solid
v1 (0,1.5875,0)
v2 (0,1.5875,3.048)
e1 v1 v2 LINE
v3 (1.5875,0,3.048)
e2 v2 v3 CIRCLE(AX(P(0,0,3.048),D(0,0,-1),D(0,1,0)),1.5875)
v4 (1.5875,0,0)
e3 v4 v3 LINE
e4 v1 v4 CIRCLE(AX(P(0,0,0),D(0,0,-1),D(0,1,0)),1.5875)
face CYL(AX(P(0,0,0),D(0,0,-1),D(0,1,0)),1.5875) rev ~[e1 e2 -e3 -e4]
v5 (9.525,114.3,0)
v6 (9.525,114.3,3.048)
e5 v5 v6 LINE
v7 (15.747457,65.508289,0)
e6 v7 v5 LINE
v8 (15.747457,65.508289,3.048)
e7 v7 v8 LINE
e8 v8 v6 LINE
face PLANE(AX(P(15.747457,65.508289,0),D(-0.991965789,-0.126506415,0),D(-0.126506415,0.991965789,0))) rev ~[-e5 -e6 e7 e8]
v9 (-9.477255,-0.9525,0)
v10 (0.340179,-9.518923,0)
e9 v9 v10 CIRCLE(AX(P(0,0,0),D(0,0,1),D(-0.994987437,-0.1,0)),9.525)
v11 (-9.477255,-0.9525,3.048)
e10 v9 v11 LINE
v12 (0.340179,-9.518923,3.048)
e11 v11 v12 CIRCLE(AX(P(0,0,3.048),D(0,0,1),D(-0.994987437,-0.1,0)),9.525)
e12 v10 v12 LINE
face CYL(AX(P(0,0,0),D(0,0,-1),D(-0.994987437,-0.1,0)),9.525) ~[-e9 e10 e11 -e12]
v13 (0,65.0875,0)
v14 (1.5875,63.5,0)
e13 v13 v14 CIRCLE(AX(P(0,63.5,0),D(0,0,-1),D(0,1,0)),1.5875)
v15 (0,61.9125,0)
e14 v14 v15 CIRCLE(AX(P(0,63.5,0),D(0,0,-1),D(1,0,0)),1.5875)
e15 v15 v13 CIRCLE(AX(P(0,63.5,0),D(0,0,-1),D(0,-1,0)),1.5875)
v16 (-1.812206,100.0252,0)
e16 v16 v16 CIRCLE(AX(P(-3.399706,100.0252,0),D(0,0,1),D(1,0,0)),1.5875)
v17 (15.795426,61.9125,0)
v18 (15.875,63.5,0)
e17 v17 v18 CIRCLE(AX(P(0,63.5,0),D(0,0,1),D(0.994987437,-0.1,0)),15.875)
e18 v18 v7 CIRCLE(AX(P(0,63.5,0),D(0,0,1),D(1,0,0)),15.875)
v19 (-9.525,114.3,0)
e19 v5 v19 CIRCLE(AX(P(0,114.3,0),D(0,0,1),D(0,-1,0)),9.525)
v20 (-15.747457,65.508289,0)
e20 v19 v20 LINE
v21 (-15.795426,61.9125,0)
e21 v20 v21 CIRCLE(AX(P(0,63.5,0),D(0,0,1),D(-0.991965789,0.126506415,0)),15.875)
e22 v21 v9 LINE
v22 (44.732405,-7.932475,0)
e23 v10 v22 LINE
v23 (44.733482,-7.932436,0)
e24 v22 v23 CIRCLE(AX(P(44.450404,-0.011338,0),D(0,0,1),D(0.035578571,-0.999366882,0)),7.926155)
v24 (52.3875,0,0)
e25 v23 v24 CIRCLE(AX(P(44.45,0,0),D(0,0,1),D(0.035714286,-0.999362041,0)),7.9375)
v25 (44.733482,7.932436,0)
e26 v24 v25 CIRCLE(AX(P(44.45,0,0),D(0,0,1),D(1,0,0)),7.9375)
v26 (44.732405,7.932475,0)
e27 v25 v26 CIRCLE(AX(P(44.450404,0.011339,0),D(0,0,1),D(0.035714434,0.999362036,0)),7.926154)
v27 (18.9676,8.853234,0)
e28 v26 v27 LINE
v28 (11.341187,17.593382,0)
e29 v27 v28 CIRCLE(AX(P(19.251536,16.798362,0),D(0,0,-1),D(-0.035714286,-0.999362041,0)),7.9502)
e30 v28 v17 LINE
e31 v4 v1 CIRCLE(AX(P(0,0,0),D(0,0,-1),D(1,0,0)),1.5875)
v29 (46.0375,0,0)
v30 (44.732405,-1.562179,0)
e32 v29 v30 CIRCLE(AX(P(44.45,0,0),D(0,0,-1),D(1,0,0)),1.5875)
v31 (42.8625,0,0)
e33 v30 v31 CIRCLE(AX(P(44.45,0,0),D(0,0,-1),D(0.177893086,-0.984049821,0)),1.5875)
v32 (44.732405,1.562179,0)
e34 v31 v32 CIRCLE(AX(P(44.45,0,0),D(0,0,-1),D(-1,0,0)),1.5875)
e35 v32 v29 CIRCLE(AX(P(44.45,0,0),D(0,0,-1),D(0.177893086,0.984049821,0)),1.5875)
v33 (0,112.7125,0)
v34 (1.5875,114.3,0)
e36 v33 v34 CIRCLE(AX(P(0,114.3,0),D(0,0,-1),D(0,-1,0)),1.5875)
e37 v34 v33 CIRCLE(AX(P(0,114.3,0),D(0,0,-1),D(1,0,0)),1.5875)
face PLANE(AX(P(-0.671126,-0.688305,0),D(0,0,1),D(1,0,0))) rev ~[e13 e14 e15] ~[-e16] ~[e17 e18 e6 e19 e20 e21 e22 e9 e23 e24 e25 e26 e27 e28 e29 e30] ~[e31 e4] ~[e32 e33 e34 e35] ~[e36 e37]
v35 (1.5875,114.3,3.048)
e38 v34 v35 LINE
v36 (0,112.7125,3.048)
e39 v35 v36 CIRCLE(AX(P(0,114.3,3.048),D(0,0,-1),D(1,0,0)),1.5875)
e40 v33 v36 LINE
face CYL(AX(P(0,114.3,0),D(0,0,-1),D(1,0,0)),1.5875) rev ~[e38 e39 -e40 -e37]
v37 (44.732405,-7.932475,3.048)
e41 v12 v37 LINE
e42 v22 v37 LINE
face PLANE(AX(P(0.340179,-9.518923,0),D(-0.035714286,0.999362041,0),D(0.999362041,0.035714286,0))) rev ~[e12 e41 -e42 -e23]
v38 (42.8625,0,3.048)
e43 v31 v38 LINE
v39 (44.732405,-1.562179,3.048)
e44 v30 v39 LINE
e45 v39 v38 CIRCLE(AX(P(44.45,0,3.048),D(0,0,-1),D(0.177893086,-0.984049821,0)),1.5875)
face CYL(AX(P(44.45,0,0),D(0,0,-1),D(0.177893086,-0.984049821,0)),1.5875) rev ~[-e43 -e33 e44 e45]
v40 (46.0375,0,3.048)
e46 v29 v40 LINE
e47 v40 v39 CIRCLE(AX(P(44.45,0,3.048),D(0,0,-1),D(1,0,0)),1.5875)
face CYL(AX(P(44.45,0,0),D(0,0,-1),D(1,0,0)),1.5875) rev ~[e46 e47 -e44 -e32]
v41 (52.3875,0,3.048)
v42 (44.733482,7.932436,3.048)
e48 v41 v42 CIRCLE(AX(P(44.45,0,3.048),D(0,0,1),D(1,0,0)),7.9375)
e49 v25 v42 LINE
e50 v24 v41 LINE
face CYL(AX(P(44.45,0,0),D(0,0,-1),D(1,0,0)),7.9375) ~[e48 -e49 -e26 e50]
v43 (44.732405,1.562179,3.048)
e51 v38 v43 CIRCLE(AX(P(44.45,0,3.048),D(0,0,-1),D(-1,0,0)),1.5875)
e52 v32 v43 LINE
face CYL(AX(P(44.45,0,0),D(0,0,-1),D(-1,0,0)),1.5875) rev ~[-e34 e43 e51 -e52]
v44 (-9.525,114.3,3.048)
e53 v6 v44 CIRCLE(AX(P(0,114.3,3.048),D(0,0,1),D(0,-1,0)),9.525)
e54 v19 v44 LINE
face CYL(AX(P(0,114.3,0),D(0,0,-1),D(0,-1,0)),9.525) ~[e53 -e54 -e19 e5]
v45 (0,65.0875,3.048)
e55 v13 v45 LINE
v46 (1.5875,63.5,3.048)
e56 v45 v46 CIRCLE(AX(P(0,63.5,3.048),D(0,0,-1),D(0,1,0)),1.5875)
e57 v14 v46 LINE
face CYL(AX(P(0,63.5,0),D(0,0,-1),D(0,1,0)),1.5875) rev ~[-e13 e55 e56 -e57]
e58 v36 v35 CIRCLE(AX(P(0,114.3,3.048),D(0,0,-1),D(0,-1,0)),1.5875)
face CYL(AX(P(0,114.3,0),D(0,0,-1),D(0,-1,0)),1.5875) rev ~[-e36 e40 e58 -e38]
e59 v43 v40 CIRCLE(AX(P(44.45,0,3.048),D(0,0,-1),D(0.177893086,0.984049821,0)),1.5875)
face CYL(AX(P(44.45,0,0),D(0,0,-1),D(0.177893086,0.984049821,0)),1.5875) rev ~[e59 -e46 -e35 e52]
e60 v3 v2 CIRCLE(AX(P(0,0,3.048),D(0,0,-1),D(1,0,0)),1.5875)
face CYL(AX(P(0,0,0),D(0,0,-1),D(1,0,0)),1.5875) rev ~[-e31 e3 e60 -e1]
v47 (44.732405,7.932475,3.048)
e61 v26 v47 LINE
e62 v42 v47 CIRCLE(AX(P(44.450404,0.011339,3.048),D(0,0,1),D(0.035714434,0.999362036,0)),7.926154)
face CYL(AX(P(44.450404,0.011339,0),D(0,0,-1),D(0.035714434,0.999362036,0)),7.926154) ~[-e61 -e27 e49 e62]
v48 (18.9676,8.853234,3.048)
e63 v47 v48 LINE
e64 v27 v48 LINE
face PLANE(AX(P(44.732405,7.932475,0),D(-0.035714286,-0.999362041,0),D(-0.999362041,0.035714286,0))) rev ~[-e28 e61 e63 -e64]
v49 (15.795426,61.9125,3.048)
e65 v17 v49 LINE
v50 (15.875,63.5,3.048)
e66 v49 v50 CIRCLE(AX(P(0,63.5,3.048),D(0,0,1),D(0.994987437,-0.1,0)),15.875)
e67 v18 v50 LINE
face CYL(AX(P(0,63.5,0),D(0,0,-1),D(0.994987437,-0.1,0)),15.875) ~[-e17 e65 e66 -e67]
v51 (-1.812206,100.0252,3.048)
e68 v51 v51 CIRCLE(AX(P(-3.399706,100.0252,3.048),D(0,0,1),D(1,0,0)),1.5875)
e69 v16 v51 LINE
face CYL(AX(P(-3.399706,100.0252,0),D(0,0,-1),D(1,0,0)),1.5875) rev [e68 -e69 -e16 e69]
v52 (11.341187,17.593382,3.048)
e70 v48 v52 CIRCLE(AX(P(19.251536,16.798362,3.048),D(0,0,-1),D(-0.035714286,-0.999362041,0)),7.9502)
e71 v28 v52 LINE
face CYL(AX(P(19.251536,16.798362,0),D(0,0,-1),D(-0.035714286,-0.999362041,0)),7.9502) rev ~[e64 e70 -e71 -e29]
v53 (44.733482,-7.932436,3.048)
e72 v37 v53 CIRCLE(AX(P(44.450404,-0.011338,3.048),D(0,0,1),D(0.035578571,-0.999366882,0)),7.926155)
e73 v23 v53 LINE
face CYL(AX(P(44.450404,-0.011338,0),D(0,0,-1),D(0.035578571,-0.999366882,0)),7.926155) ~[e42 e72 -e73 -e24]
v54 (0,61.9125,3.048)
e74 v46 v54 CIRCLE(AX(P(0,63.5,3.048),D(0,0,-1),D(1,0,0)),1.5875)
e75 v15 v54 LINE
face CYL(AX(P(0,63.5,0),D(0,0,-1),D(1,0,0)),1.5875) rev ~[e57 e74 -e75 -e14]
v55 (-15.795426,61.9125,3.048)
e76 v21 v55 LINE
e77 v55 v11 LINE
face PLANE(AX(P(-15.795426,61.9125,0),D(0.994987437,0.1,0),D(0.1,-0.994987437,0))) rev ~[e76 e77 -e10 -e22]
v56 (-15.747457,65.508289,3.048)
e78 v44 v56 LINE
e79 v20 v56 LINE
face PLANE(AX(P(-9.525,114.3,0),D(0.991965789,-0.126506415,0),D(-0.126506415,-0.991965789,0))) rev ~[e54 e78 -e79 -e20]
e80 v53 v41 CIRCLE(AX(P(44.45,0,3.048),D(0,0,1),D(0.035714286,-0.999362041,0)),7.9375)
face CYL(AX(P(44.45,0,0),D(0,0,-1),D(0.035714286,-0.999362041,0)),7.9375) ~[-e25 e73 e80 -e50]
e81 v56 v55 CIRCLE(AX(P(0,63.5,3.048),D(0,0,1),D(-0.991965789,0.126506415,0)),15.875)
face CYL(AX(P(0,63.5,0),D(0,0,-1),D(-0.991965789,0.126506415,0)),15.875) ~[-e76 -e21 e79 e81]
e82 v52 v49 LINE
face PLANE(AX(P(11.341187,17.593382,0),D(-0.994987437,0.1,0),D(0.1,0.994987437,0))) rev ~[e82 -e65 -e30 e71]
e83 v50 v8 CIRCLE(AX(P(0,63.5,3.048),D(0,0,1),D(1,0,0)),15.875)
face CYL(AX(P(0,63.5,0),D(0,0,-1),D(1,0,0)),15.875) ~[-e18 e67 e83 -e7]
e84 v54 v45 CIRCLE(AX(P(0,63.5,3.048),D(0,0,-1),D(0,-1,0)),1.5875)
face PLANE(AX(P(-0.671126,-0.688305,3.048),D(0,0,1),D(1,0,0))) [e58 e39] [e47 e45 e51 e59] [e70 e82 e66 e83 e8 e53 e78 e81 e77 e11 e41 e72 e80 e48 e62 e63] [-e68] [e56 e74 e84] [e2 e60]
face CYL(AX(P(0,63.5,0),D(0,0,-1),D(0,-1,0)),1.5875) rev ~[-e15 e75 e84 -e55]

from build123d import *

# Parameters (mm, degrees)
F0_R     = 1.5875
F1_DEPTH = 3.048


with BuildPart() as f1:
    # F0 (on Top) → F1 (new body)
    with BuildSketch(Plane.XY):
        with BuildLine():
            ThreePointArc((1.5875, 0), (-1.1225320151, -1.1225320151), (0, 1.5875))
            Line((0, 1.5875), (0, 9.525))
            ThreePointArc((0, 9.525), (-7.063929059, 6.3895642457), (-9.4772553384, -0.9525))
            ThreePointArc((-9.4772553384, -0.9525), (-6.2623833816, -7.1769199091), (0.3401785714, -9.5189234444))
            ThreePointArc((0.3401785714, -9.5189234444), (6.8544082857, -6.6138273378), (9.525, 0))
            Line((9.525, 0), (1.5875, 0))
        make_face()
        with BuildLine():
            ThreePointArc((-9.4772553384, -0.9525), (-7.063929059, 6.3895642457), (0, 9.525))
            Line((0, 9.525), (0, 47.625))
            ThreePointArc((0, 47.625), (-10.6492737428, 51.7267849017), (-15.7954255641, 61.9125))
            Line((-15.7954255641, 61.9125), (-9.4772553384, -0.9525))
        make_face()
        with BuildLine():
            Line((0, 47.625), (0, 9.525))
            ThreePointArc((0, 9.525), (6.7351920908, 6.7351920908), (9.525, 0))
            Line((9.525, 0), (36.5125, 0))
            ThreePointArc((36.5125, 0), (38.9380895153, 5.7116327839), (44.7324052746, 7.9324746146))
            Line((44.7324052772, 7.9324746877), (18.9676000005, 8.8532337108))
            ThreePointArc((18.9676000005, 8.8532337108), (13.2611998974, 11.5713591498), (11.3411865923, 17.5933818124))
            Line((11.3411865923, 17.5933818124), (15.7954255641, 61.9125))
            ThreePointArc((15.7954255641, 61.9125), (10.6492737428, 51.7267849017), (0, 47.625))
        make_face()
        with BuildLine():
            Line((36.5125, 0), (9.525, 0))
            ThreePointArc((9.525, 0), (6.8544082857, -6.6138273378), (0.3401785714, -9.5189234444))
            Line((0.3401785714, -9.5189234444), (44.7324052772, -7.9324746877))
            ThreePointArc((44.7324052746, -7.9324746146), (38.9380895153, -5.7116327839), (36.5125, 0))
        make_face()
        with BuildLine():
            ThreePointArc((-15.7954255641, 61.9125), (-10.6492737428, 51.7267849017), (0, 47.625))
            Line((0, 47.625), (0, 61.9125))
            ThreePointArc((0, 61.9125), (-1.5875, 63.5), (0, 65.0875))
            Line((0, 65.0875), (0, 79.375))
            ThreePointArc((0, 79.375), (-10.4912828548, 75.4142187767), (-15.7474569047, 65.5082893304))
            ThreePointArc((-15.7474569047, 65.5082893304), (-15.8735876171, 63.7117573215), (-15.7954255641, 61.9125))
        make_face()
        with BuildLine():
            Line((0, 61.9125), (0, 47.625))
            ThreePointArc((0, 47.625), (10.6492737428, 51.7267849017), (15.7954255641, 61.9125))
            ThreePointArc((15.7954255641, 61.9125), (15.8550939106, 62.7052534459), (15.875, 63.5))
            ThreePointArc((15.875, 63.5), (15.8430821396, 64.5061676396), (15.7474569047, 65.5082893304))
            ThreePointArc((15.7474569047, 65.5082893304), (10.4912828548, 75.4142187767), (0, 79.375))
            Line((0, 79.375), (0, 65.0875))
            ThreePointArc((0, 65.0875), (1.1225320151, 64.6225320151), (1.5875, 63.5))
            ThreePointArc((1.5875, 63.5), (1.1225320151, 62.3774679849), (0, 61.9125))
        make_face()
        with BuildLine():
            ThreePointArc((44.7324052746, 7.9324746146), (38.9380895153, 5.7116327839), (36.5125, 0))
            Line((36.5125, 0), (42.8625, 0))
            ThreePointArc((42.8625, 0), (43.4321989692, 1.2182927857), (44.7324052746, 1.5621790905))
            Line((44.7324052746, 1.5621790905), (44.7324052746, 7.9324746146))
        make_face()
        with BuildLine():
            Line((42.8625, 0), (36.5125, 0))
            ThreePointArc((36.5125, 0), (38.9380895153, -5.7116327839), (44.7324052746, -7.9324746146))
            Line((44.7324052746, -7.9324746146), (44.7324052746, -1.5621790905))
            ThreePointArc((44.7324052746, -1.5621790905), (43.4321989692, -1.2182927857), (42.8625, 0))
        make_face()
        with BuildLine():
            ThreePointArc((44.7334821429, 7.9324362036), (44.7329437094, 7.9324554274), (44.7324052746, 7.9324746146))
            Line((44.7324052746, 7.9324746146), (44.7324052746, 1.5621790905))
            ThreePointArc((44.7324052746, 1.5621790905), (45.6682927857, 1.0178010308), (46.0375, 0))
            ThreePointArc((46.0375, 0), (45.6682927857, -1.0178010308), (44.7324052746, -1.5621790905))
            Line((44.7324052746, -1.5621790905), (44.7324052746, -7.9324746146))
            ThreePointArc((44.7324052746, -7.9324746146), (44.7329437094, -7.9324554274), (44.7334821429, -7.9324362036))
            ThreePointArc((44.7334821429, -7.9324362036), (50.1620069047, -5.5115227815), (52.3875, 0))
            ThreePointArc((52.3875, 0), (50.1620069047, 5.5115227815), (44.7334821429, 7.9324362036))
        make_face()
        with BuildLine():
            Line((-9.525, 114.3), (-15.7474569047, 65.5082893304))
            ThreePointArc((-15.7474569047, 65.5082893304), (-10.4912828548, 75.4142187767), (0, 79.375))
            Line((0, 79.375), (0, 104.775))
            ThreePointArc((0, 104.775), (-6.7351920908, 107.5648079092), (-9.525, 114.3))
        make_face()
        with Locations((-3.39970598, 100.0252)):
            Circle(F0_R, mode=Mode.SUBTRACT)
        with BuildLine():
            Line((0, 104.775), (0, 79.375))
            ThreePointArc((0, 79.375), (10.4912828548, 75.4142187767), (15.7474569047, 65.5082893304))
            Line((15.7474569047, 65.5082893304), (9.525, 114.3))
            ThreePointArc((9.525, 114.3), (6.7351920908, 107.5648079092), (0, 104.775))
        make_face()
        with BuildLine():
            ThreePointArc((9.525, 114.3), (0, 123.825), (-9.525, 114.3))
            ThreePointArc((-9.525, 114.3), (-6.7351920908, 107.5648079092), (0, 104.775))
            ThreePointArc((0, 104.775), (6.7351920908, 107.5648079092), (9.525, 114.3))
        make_face()
        with BuildLine():
            ThreePointArc((1.5875, 114.3), (1.1225320151, 113.1774679849), (0, 112.7125))
            ThreePointArc((0, 112.7125), (-1.1225320151, 115.4225320151), (1.5875, 114.3))
        make_face(mode=Mode.SUBTRACT)
        with BuildLine():
            Line((0, 9.525), (0, 1.5875))
            ThreePointArc((0, 1.5875), (1.1225320151, 1.1225320151), (1.5875, 0))
            Line((1.5875, 0), (9.525, 0))
            ThreePointArc((9.525, 0), (6.7351920908, 6.7351920908), (0, 9.525))
        make_face()
    extrude(amount=F1_DEPTH)


solid = f1.part
